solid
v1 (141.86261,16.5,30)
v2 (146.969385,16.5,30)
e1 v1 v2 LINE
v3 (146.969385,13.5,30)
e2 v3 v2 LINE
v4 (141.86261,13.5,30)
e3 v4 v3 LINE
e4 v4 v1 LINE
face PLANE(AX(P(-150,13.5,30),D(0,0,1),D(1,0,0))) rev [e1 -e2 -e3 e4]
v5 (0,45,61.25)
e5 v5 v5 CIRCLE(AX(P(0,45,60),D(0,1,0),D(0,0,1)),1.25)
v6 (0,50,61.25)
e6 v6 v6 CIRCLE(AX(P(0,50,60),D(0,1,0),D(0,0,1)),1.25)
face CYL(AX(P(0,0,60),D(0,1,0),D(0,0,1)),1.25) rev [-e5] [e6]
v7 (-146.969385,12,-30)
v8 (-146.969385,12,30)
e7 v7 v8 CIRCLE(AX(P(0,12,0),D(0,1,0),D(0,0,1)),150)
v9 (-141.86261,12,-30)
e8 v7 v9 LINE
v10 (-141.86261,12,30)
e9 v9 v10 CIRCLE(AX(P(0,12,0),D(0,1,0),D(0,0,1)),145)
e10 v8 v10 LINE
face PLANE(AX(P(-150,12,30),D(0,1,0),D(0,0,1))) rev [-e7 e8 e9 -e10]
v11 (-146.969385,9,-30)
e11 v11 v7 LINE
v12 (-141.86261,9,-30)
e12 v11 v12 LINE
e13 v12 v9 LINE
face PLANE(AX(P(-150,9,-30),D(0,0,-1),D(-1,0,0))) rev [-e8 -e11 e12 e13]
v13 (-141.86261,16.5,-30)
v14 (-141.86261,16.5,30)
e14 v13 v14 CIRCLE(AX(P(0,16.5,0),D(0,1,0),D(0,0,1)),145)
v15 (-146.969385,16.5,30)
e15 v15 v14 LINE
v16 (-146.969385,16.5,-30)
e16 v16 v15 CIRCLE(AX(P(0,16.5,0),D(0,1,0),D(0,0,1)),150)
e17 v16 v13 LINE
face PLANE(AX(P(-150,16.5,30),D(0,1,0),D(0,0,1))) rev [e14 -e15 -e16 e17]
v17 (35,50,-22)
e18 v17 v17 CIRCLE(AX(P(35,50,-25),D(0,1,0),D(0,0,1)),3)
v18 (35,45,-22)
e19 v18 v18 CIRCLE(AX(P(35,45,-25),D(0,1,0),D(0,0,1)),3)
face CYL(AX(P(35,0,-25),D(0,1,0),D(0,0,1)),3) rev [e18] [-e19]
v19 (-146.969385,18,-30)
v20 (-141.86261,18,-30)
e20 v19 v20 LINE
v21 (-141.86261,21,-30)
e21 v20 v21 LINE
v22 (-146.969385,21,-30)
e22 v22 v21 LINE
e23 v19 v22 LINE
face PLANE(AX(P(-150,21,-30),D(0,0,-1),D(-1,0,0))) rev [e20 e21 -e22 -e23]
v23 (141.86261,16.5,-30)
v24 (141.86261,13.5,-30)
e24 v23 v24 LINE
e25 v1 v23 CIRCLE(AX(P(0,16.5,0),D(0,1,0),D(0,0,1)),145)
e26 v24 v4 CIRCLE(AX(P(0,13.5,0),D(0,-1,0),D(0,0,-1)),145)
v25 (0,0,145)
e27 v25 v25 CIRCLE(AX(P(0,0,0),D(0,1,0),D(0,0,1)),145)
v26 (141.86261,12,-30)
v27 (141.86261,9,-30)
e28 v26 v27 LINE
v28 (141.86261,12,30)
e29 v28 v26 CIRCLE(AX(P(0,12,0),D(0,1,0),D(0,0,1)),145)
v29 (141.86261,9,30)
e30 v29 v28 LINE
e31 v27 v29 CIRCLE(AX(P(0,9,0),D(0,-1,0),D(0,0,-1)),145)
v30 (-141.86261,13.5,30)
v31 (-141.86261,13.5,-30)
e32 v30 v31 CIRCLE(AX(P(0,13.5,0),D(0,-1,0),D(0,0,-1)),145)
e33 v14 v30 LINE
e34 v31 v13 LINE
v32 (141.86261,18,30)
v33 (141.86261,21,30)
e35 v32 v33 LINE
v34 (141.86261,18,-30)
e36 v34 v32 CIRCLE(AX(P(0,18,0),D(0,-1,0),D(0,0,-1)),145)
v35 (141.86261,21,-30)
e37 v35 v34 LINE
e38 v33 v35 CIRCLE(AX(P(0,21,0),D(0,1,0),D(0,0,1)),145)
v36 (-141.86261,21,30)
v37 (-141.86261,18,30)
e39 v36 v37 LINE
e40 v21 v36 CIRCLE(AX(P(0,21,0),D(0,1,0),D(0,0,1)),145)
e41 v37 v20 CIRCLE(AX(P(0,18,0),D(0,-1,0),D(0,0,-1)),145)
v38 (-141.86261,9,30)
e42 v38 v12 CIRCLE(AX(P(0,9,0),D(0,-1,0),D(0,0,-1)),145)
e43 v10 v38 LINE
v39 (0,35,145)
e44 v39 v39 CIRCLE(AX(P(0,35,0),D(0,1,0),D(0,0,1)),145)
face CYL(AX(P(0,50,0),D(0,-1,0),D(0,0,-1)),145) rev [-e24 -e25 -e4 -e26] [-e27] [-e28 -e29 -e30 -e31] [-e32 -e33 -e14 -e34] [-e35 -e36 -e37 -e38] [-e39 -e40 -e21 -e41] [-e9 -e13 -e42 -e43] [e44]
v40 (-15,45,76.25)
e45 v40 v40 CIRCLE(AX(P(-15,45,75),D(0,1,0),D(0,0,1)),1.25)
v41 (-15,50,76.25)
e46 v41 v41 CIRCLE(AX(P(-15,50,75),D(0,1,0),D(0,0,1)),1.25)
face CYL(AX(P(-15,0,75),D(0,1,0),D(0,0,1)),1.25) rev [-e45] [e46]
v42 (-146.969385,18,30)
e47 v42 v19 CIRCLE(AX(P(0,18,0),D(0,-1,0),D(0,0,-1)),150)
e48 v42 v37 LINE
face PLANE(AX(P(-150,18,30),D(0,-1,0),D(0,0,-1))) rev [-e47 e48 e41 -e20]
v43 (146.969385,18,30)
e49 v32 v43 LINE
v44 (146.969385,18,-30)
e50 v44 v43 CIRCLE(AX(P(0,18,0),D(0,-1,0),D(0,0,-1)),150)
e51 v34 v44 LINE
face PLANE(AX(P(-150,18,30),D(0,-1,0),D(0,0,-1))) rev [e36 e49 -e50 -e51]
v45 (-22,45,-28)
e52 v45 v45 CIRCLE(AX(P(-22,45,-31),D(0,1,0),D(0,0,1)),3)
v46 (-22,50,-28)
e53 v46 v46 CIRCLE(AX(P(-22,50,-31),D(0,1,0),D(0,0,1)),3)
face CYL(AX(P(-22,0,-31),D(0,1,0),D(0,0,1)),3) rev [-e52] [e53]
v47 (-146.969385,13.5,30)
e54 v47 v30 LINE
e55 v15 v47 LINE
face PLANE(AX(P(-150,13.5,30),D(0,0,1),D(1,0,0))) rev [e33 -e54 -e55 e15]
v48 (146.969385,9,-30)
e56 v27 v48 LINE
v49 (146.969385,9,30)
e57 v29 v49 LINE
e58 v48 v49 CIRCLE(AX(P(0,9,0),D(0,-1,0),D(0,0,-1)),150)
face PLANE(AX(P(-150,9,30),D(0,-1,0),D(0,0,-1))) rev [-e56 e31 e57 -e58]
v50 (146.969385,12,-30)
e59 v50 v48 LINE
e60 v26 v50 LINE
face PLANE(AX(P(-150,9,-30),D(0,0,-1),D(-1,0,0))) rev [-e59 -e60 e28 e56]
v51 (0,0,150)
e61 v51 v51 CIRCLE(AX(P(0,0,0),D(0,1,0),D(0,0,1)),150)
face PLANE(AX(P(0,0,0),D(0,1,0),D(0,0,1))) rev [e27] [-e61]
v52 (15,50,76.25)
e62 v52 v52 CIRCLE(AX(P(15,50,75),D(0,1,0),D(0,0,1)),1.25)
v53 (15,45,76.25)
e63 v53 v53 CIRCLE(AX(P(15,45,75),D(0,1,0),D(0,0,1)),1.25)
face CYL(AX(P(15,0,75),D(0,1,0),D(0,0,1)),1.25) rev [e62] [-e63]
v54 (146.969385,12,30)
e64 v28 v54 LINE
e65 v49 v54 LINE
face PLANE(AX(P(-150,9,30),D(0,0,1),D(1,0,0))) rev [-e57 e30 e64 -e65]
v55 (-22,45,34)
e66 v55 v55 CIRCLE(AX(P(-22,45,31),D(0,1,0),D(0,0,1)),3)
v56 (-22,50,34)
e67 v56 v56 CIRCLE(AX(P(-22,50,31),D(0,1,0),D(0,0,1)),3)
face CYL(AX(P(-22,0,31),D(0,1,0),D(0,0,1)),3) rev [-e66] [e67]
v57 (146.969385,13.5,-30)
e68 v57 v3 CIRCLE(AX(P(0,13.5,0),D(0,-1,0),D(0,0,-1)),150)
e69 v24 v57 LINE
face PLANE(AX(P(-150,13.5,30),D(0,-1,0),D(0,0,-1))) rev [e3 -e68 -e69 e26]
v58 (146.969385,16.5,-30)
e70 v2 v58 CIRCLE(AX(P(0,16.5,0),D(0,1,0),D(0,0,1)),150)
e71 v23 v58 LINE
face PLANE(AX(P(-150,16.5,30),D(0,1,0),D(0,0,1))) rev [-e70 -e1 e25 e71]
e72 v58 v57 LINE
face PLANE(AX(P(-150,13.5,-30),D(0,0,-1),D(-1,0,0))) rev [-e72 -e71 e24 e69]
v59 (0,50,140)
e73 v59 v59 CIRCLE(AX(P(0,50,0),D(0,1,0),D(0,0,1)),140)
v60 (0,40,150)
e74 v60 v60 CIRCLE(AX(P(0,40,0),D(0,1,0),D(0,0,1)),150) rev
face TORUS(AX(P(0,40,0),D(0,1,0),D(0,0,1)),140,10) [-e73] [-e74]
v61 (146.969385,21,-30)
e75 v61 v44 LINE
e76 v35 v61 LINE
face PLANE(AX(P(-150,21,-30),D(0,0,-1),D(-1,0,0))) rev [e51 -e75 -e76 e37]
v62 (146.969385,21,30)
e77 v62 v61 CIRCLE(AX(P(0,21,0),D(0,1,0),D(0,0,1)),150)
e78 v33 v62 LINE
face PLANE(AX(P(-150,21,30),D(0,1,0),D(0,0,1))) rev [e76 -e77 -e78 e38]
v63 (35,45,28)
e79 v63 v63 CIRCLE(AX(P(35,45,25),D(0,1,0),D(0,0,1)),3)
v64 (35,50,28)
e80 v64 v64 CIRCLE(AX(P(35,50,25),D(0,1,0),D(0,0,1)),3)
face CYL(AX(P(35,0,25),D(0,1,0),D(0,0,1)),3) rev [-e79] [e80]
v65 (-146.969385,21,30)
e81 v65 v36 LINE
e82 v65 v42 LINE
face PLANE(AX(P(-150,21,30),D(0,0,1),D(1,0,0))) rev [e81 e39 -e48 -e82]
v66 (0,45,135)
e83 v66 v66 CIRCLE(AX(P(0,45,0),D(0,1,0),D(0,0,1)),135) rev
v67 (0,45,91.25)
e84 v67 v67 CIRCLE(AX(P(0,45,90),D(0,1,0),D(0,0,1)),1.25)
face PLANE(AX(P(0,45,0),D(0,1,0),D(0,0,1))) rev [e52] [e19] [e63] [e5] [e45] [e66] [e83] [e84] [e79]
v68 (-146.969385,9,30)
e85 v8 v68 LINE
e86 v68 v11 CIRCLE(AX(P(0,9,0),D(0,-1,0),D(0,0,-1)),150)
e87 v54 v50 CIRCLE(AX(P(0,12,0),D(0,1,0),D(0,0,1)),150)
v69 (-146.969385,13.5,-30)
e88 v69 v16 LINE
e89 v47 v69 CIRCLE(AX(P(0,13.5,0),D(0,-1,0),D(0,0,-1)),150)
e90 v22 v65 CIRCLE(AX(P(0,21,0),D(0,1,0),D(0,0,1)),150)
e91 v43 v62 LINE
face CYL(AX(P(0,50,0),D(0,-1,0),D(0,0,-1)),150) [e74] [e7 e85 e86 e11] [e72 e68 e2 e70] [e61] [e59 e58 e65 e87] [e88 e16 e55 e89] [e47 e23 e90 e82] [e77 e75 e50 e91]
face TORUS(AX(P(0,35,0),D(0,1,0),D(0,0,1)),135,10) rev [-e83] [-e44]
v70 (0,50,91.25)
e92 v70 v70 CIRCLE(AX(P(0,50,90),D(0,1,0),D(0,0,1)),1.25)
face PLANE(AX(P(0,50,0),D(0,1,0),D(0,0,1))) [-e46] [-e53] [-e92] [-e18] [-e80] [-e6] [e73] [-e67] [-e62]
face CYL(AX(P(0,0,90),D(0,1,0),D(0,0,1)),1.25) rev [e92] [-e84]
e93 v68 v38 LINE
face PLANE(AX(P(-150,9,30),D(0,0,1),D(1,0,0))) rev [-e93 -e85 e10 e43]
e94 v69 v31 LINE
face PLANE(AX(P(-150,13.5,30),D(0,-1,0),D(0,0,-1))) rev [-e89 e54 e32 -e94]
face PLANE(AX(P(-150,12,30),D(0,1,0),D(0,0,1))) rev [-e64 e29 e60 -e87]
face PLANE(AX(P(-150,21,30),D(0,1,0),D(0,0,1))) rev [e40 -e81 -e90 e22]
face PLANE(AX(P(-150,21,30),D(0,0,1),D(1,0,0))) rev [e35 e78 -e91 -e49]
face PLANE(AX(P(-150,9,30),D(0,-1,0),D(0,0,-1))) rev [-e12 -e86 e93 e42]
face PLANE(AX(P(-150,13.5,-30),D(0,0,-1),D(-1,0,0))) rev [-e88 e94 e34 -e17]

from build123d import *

# Parameters (mm, degrees)
SKETCH1_R               = 150
BOSS_EXTRUDE1_DEPTH     = 50
SHELL2_T                = -5
FILLET1_R               = 10
SKETCH4_R               = 3
SKETCH4_R_2             = 1.25
CUT_EXTRUDE2_DEPTH      = 218.944947177
CUT_EXTRUDE2_DEPTH_BACK = 218.944947177
SKETCH5_W               = 60
SKETCH5_H               = 3
CUT_EXTRUDE3_DEPTH      = 218.944947177
CUT_EXTRUDE3_DEPTH_BACK = 218.944947177


with BuildPart() as part:
    # Sketch1 → Boss-Extrude1 (new body)
    with BuildSketch(Plane(origin=(0, 0, 0), x_dir=(1, 0, 0), z_dir=(0, 1, 0))):
        with Locations(Location((0, 0, 0), (0, 0, 270))):
            Circle(SKETCH1_R)
    extrude(amount=BOSS_EXTRUDE1_DEPTH)

    # Shell2
    shell2_openings = [part.faces().sort_by_distance(p)[0] for p in [
        (0, 0, 0),
    ]]
    offset(amount=SHELL2_T, openings=shell2_openings, kind=Kind.INTERSECTION)

    # Fillet1
    fillet1_edges = [part.edges().sort_by_distance(p)[0] for p in [
        (0, 50, -150),
        (0, 45, -145),
    ]]
    fillet(fillet1_edges, radius=FILLET1_R)

    # Sketch4 → Cut-Extrude2 (cut, two sides)
    with BuildSketch(Plane(origin=(0, 50, 0), x_dir=(1, 0, 0), z_dir=(0, 1, 0))) as cut_extrude2_sk:
        with Locations(Location((-22, 31, 0), (0, 0, 270))):
            Circle(SKETCH4_R)
        with Locations(Location((35, 25, 0), (0, 0, 270))):
            Circle(SKETCH4_R)
        with Locations(Location((-22, -31, 0), (0, 0, 270))):
            Circle(SKETCH4_R)
        with Locations(Location((35, -25, 0), (0, 0, 270))):
            Circle(SKETCH4_R)
        with Locations(Location((0, -60, 0), (0, 0, 270))):
            Circle(SKETCH4_R_2)
        with Locations(Location((-15, -75, 0), (0, 0, 270))):
            Circle(SKETCH4_R_2)
        with Locations(Location((0, -90, 0), (0, 0, 270))):
            Circle(SKETCH4_R_2)
        with Locations(Location((15, -75, 0), (0, 0, 270))):
            Circle(SKETCH4_R_2)
    extrude(amount=CUT_EXTRUDE2_DEPTH, mode=Mode.SUBTRACT)
    extrude(cut_extrude2_sk.sketch, amount=-CUT_EXTRUDE2_DEPTH_BACK, mode=Mode.SUBTRACT)

    # Sketch5 → Cut-Extrude3 (cut, two sides)
    with BuildSketch(Plane(origin=(0, 0, 0), x_dir=(0, 0, -1), z_dir=(1, 0, 0))) as cut_extrude3_sk:
        with Locations((0, 15)):
            Rectangle(SKETCH5_W, SKETCH5_H)
        with Locations((0, 10.5)):
            Rectangle(SKETCH5_W, SKETCH5_H)
        with Locations((0, 19.5)):
            Rectangle(SKETCH5_W, SKETCH5_H)
    extrude(amount=CUT_EXTRUDE3_DEPTH, mode=Mode.SUBTRACT)
    extrude(cut_extrude3_sk.sketch, amount=-CUT_EXTRUDE3_DEPTH_BACK, mode=Mode.SUBTRACT)


solid = part.part
